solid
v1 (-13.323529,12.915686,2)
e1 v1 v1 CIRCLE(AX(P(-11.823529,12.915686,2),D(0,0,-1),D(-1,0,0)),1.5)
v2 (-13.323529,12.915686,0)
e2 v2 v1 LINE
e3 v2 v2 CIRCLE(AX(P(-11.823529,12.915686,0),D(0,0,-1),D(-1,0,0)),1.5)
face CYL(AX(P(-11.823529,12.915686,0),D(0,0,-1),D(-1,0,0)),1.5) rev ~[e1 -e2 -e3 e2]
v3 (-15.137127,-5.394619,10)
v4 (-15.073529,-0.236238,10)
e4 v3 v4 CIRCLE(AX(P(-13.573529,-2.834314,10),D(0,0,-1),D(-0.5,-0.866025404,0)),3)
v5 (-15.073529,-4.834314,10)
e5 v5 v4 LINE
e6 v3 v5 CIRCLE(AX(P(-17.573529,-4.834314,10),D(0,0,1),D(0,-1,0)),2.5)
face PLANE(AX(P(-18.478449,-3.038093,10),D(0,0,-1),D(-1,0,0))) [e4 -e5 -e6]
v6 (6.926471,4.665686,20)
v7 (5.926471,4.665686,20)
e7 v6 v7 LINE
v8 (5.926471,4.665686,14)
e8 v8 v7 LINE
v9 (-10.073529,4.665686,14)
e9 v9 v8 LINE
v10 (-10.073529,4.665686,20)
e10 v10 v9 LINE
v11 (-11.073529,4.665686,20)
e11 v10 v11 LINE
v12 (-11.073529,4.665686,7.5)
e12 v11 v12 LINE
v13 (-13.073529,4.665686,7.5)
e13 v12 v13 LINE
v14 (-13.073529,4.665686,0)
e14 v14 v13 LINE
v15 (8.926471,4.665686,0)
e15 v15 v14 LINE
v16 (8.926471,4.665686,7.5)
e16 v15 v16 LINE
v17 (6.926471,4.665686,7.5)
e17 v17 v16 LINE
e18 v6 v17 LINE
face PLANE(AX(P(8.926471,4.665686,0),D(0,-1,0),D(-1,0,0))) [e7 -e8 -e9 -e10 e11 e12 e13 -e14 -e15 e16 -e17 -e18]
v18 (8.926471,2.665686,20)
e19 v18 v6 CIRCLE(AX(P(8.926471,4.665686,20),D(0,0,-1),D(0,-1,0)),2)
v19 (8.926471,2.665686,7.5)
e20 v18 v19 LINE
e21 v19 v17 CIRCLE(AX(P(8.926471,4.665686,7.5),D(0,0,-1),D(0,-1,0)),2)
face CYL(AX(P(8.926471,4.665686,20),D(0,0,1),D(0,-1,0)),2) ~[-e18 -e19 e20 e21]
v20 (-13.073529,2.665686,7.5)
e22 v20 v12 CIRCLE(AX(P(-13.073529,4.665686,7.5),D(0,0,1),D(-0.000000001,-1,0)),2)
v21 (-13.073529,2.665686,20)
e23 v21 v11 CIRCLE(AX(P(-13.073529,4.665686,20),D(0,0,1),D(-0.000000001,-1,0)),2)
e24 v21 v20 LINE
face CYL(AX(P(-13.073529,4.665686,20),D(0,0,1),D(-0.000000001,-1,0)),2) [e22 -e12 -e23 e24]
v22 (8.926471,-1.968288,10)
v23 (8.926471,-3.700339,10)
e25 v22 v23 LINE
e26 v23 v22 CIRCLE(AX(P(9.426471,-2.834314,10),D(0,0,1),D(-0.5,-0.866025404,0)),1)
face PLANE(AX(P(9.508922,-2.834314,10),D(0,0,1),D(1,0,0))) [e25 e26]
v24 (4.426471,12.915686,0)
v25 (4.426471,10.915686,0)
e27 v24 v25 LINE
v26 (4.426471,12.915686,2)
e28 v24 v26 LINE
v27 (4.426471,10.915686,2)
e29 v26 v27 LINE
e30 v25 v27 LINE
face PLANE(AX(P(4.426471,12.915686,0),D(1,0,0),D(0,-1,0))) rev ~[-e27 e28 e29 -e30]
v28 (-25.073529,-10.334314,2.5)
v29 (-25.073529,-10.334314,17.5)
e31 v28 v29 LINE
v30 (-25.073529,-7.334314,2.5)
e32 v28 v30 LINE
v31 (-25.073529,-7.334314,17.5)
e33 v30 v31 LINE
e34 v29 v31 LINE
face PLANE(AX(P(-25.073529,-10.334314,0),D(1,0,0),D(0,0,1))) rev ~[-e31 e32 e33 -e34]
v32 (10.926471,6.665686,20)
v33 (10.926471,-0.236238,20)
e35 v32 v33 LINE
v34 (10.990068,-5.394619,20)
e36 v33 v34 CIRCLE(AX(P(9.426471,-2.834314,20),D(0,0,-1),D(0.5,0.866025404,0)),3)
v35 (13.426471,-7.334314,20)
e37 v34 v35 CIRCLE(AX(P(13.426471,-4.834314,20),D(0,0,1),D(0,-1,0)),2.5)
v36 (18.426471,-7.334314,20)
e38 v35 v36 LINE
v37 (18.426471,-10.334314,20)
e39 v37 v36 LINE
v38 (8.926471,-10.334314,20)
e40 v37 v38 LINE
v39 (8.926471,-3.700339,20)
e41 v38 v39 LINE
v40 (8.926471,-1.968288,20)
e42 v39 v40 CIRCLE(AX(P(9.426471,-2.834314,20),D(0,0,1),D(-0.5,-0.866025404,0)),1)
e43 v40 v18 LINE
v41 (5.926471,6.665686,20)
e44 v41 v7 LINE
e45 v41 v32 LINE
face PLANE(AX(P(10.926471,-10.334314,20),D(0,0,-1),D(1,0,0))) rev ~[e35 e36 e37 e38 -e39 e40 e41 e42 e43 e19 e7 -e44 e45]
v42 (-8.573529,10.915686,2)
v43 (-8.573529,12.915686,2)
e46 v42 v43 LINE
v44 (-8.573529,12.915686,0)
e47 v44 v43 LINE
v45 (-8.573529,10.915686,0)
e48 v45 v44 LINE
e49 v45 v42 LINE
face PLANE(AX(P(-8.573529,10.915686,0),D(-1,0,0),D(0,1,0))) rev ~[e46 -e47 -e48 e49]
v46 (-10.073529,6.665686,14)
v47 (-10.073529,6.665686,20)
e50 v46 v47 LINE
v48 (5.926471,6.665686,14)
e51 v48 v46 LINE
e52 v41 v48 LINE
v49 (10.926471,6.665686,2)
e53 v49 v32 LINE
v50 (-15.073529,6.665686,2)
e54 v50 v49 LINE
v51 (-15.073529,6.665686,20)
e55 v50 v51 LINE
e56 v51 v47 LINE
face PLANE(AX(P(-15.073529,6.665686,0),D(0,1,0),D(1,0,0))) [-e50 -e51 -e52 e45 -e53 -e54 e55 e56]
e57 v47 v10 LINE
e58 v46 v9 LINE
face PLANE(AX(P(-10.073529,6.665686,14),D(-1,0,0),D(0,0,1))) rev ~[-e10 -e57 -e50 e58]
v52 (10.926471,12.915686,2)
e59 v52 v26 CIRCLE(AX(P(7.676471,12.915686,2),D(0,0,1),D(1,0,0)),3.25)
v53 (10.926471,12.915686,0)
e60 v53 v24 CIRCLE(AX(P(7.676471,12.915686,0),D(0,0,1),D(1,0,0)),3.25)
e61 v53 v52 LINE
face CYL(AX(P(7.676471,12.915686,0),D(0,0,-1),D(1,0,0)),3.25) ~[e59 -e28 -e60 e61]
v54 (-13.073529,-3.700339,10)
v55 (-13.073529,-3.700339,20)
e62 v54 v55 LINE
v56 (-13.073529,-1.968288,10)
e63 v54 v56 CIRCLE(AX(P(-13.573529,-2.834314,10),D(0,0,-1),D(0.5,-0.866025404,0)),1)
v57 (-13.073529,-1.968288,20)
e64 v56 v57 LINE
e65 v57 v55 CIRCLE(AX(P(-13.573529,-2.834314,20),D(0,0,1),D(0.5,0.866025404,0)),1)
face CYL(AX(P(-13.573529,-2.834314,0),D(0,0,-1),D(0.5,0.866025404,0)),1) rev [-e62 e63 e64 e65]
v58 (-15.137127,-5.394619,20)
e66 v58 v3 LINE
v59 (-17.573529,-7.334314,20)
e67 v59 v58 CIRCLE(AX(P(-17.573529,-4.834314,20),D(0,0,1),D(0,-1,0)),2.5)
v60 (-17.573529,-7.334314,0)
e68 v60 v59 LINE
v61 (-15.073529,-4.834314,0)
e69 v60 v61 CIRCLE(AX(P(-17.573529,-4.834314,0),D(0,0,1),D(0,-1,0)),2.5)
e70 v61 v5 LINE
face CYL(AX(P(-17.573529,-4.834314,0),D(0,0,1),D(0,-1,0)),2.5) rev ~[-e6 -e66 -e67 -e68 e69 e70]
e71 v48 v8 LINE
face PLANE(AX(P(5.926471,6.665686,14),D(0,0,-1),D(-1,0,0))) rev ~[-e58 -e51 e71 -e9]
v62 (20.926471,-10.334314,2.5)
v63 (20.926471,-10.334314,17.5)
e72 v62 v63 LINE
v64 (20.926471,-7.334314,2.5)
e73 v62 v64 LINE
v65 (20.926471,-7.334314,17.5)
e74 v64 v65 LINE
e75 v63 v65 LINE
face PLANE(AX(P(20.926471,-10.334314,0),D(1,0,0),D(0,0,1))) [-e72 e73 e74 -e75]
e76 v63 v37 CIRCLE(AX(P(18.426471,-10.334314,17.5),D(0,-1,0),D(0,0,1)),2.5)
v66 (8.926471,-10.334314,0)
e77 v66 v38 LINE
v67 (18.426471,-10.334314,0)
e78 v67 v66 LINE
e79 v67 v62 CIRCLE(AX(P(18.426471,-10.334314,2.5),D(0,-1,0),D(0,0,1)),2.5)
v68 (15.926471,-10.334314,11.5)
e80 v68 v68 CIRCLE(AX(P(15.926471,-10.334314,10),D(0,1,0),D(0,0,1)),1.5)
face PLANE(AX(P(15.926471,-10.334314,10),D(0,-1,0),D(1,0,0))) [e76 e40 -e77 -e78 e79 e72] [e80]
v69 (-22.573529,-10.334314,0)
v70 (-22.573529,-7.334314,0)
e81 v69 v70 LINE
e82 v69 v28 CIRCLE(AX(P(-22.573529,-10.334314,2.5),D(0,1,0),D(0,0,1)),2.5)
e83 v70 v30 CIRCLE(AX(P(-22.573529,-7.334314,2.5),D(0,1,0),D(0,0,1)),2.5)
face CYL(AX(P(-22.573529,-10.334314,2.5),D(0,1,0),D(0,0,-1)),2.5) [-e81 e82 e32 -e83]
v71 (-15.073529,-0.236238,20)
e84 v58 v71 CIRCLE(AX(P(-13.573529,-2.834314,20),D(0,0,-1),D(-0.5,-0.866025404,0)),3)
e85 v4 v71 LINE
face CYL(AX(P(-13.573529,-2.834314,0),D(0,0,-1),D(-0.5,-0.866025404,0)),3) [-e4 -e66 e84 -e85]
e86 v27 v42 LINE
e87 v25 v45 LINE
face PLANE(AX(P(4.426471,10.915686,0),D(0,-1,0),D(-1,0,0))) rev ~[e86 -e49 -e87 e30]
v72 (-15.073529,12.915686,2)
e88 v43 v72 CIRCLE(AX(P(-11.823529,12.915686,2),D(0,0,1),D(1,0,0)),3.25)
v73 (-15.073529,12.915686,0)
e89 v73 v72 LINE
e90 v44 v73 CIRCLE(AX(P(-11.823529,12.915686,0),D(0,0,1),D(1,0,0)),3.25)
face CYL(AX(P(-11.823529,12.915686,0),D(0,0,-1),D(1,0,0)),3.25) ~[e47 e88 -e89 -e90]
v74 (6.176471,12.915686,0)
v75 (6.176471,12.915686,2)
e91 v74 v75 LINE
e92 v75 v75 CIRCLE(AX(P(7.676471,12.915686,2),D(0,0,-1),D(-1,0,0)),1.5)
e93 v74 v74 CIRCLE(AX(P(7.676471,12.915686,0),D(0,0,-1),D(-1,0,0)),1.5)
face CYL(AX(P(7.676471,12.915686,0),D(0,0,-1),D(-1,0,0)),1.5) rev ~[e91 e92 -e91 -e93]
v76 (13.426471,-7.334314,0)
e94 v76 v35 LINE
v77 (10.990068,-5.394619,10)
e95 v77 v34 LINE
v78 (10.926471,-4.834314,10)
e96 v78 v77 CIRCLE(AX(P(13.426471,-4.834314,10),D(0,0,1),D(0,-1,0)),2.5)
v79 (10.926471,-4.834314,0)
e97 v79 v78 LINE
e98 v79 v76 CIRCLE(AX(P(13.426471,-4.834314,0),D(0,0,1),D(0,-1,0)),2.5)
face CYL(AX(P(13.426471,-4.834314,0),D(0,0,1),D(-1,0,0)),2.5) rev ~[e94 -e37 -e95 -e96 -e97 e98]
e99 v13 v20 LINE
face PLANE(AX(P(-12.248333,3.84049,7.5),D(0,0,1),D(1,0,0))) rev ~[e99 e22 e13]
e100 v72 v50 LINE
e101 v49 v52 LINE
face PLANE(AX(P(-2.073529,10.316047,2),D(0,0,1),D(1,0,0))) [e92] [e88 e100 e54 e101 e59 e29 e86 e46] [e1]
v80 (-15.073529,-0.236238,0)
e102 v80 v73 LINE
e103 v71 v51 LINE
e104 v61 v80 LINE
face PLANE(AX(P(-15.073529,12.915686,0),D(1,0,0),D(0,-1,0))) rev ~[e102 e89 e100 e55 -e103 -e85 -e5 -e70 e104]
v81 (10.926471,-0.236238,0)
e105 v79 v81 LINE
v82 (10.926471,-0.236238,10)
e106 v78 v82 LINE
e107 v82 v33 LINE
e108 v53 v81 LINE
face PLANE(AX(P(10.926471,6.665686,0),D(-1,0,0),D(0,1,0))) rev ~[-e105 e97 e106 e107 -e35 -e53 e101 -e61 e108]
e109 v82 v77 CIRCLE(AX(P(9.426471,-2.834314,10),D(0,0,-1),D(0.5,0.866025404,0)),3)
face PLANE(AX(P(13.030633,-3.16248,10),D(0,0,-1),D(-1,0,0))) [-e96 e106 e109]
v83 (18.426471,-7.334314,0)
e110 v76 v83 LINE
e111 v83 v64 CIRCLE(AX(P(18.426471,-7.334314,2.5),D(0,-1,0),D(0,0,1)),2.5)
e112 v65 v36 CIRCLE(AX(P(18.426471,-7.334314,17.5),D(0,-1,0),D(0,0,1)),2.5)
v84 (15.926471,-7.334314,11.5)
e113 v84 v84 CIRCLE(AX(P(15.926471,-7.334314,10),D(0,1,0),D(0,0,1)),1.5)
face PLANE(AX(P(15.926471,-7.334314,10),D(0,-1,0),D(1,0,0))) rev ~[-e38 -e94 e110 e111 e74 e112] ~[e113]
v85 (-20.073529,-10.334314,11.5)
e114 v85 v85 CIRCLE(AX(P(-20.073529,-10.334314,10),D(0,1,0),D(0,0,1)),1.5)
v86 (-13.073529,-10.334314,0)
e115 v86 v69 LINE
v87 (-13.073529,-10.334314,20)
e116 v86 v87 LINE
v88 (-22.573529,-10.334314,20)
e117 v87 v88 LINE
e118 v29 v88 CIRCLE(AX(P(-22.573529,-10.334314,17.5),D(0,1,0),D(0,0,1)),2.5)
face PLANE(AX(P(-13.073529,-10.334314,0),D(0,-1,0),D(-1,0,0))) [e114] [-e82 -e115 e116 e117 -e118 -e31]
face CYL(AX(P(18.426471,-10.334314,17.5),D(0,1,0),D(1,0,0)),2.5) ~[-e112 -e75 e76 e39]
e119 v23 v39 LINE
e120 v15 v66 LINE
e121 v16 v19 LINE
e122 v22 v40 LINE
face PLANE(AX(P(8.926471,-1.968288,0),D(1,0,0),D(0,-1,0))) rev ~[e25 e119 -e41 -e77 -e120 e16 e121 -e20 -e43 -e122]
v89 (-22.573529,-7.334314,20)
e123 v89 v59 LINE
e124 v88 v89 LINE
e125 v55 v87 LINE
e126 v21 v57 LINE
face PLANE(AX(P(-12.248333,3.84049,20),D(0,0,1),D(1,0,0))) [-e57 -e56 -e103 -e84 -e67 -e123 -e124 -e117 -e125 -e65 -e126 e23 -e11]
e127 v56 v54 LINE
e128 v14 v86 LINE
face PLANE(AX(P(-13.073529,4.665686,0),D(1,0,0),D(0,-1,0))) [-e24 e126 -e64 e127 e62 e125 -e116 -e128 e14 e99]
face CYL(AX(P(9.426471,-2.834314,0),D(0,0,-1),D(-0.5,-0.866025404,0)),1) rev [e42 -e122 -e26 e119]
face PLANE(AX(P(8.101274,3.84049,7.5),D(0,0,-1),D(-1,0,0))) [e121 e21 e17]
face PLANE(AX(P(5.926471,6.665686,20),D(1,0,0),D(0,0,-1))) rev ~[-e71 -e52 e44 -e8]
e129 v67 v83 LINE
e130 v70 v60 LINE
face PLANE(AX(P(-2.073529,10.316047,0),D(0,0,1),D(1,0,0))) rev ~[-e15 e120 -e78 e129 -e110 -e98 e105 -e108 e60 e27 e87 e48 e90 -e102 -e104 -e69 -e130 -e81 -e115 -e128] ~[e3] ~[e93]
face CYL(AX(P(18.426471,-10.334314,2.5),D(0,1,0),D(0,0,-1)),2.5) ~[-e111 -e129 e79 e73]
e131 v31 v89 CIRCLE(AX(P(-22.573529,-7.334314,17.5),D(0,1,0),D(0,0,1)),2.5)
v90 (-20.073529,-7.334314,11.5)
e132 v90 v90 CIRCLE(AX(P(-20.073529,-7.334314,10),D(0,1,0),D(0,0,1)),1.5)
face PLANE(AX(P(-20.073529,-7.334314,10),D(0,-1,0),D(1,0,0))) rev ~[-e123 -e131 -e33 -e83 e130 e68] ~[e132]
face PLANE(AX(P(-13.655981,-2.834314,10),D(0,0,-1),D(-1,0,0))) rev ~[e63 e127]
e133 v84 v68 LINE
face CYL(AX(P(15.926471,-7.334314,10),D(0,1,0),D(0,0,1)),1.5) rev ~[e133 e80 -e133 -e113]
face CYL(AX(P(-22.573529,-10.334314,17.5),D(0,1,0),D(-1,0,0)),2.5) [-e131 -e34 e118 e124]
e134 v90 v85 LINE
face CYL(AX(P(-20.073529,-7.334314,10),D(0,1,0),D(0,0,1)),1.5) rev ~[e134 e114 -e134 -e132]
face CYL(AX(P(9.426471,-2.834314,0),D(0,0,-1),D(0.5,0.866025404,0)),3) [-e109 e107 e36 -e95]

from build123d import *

# Parameters (mm, degrees)
EXTRUDE_1_DEPTH     = 20
CUT_EXTRUDE_1_DEPTH = 20
EXTRUDE_2_DEPTH     = 12.5
SKETCH_4_W          = 4.208324297
SKETCH_4_H          = 5.852484321
SKETCH_4_W_2        = 6.809838445
SKETCH_4_H_2        = 5.603711631
CUT_EXTRUDE_2_DEPTH = 10
EXTRUDE_3_DEPTH     = 10
SKETCH_6_W          = 10
SKETCH_6_H          = 20
EXTRUDE_4_DEPTH     = 3
SKETCH_7_R          = 1.5
CUT_EXTRUDE_3_DEPTH = 3
FILLET_1_R          = 2.5
SKETCH_8_R          = 1.5
EXTRUDE_5_DEPTH     = 2


with BuildPart() as part:
    # 草图1 → 凸台-拉伸1 (new body)
    with BuildSketch(Plane.XY):
        with BuildLine():
            Line((-15.073529412, 6.665686275), (10.926470588, 6.665686275))
            Line((10.926470588, 6.665686275), (10.926470588, -0.236237514))
            ThreePointArc((10.926470588, -0.236237514), (12.426470588, -2.834313725), (10.926470588, -5.432389937))
            Line((10.926470588, -5.432389937), (10.926470588, -10.334313725))
            Line((10.926470588, -10.334313725), (8.926470588, -10.334313725))
            Line((8.926470588, -10.334313725), (8.926470588, -3.700339129))
            ThreePointArc((8.926470588, -3.700339129), (10.426470588, -2.834313725), (8.926470588, -1.968288322))
            Line((8.926470588, -1.968288322), (8.926470588, 4.665686275))
            Line((8.926470588, 4.665686275), (-13.073529412, 4.665686275))
            Line((-13.073529412, 4.665686275), (-13.073529412, -1.968288322))
            ThreePointArc((-13.073529412, -1.968288322), (-14.573529412, -2.834313725), (-13.073529412, -3.700339129))
            Line((-13.073529412, -3.700339129), (-13.073529412, -10.334313725))
            Line((-13.073529412, -10.334313725), (-15.073529412, -10.334313725))
            Line((-15.073529412, -10.334313725), (-15.073529412, -5.432389937))
            ThreePointArc((-15.073529412, -5.432389937), (-16.573529412, -2.834313725), (-15.073529412, -0.236237514))
            Line((-15.073529412, -0.236237514), (-15.073529412, 6.665686275))
        make_face()
    extrude(amount=EXTRUDE_1_DEPTH)

    # 草图2 → 切除-拉伸1 (cut)
    with BuildSketch(Plane(origin=(0, 6.665686275, 0), x_dir=(1, 0, 0), z_dir=(0, 1, 0))):
        Polygon((-2.073529412, -14), (-10.073529412, -14), (-10.073529412, -20), (5.926470588, -20), (5.926470588, -14), align=None)
    extrude(amount=-CUT_EXTRUDE_1_DEPTH, mode=Mode.SUBTRACT)

    # 草图3 → 凸台-拉伸2 (add)
    with BuildSketch(Plane.XY.offset(20)):
        with BuildLine():
            Line((-13.073529412, 4.665686275), (-13.073529412, 2.665686275))
            ThreePointArc((-13.073529412, 2.665686275), (-11.659315849, 3.251472712), (-11.073529412, 4.665686275))
            Line((-11.073529412, 4.665686275), (-13.073529412, 4.665686275))
        make_face()
        with BuildLine():
            Line((8.926470588, 4.665686275), (8.926470588, 2.665686275))
            ThreePointArc((8.926470588, 2.665686275), (7.512257026, 3.251472712), (6.926470588, 4.665686275))
            Line((6.926470588, 4.665686275), (8.926470588, 4.665686275))
        make_face()
    extrude(amount=-EXTRUDE_2_DEPTH)

    # 草图4 → 切除-拉伸2 (cut)
    with BuildSketch(Plane(origin=(0, 0, 0), x_dir=(-1, 0, 0), z_dir=(0, 0, -1))):
        with Locations((-13.030632737, -3.162479675)):
            Rectangle(SKETCH_4_W, SKETCH_4_H)
        with Locations((18.478448635, -3.03809333)):
            Rectangle(SKETCH_4_W_2, SKETCH_4_H_2)
    extrude(amount=-CUT_EXTRUDE_2_DEPTH, mode=Mode.SUBTRACT)

    # 草图5 → 凸台-拉伸3 (add)
    with BuildSketch(Plane(origin=(0, 0, 0), x_dir=(-1, 0, 0), z_dir=(0, 0, -1))):
        with BuildLine():
            Line((-8.926470588, -1.968288322), (-8.926470588, -3.700339129))
            ThreePointArc((-8.926470588, -3.700339129), (-10.426470588, -2.834313725), (-8.926470588, -1.968288322))
        make_face()
        with BuildLine():
            Line((13.073529412, -1.968288322), (13.073529412, -3.700339129))
            ThreePointArc((13.073529412, -3.700339129), (14.573529412, -2.834313725), (13.073529412, -1.968288322))
        make_face()
    extrude(amount=-EXTRUDE_3_DEPTH)

    # 草图6 → 凸台-拉伸4 (add)
    with BuildSketch(Plane.XZ.offset(10.334313725)):
        with Locations((15.926470588, 10)):
            Rectangle(SKETCH_6_W, SKETCH_6_H)
        with Locations((-20.073529412, 10)):
            Rectangle(SKETCH_6_W, SKETCH_6_H)
    extrude(amount=-EXTRUDE_4_DEPTH)

    # 草图7 → 切除-拉伸3 (cut)
    with BuildSketch(Plane(origin=(0, -7.334313725, 0), x_dir=(1, 0, 0), z_dir=(0, 1, 0))):
        with Locations(Location((15.926470588, -10, 0), (0, 0, 270))):
            Circle(SKETCH_7_R)
        with Locations(Location((-20.073529412, -10, 0), (0, 0, 270))):
            Circle(SKETCH_7_R)
    extrude(amount=-CUT_EXTRUDE_3_DEPTH, mode=Mode.SUBTRACT)

    # 圆角1
    fillet_1_edges = [part.edges().sort_by_distance(p)[0] for p in [
        (-15.073529412, -7.334313725, 10),
        (10.926470588, -7.334313725, 10),
        (20.926470588, -8.834313725, 20),
        (-25.073529412, -8.834313725, 20),
        (20.926470588, -8.834313725, 0),
        (-25.073529412, -8.834313725, 0),
    ]]
    fillet(fillet_1_edges, radius=FILLET_1_R)

    # 草图8 → 凸台-拉伸5 (add)
    with BuildSketch(Plane(origin=(0, 0, 0), x_dir=(-1, 0, 0), z_dir=(0, 0, -1))):
        with BuildLine():
            Line((-4.426470588, 10.915686275), (8.573529412, 10.915686275))
            Line((8.573529412, 10.915686275), (8.573529412, 12.915686275))
            ThreePointArc((8.573529412, 12.915686275), (11.823529412, 16.165686275), (15.073529412, 12.915686275))
            Line((15.073529412, 12.915686275), (15.073529412, 6.665686275))
            Line((15.073529412, 6.665686275), (8.573529412, 6.665686275))
            Line((8.573529412, 6.665686275), (-4.426470588, 6.665686275))
            Line((-4.426470588, 6.665686275), (-10.926470588, 6.665686275))
            Line((-10.926470588, 6.665686275), (-10.926470588, 12.915686275))
            ThreePointArc((-10.926470588, 12.915686275), (-7.676470588, 16.165686275), (-4.426470588, 12.915686275))
            Line((-4.426470588, 12.915686275), (-4.426470588, 10.915686275))
        make_face()
        with Locations((-7.676470588, 12.915686275)):
            Circle(SKETCH_8_R, mode=Mode.SUBTRACT)
        with Locations((11.823529412, 12.915686275)):
            Circle(SKETCH_8_R, mode=Mode.SUBTRACT)
    extrude(amount=-EXTRUDE_5_DEPTH)


solid = part.part
